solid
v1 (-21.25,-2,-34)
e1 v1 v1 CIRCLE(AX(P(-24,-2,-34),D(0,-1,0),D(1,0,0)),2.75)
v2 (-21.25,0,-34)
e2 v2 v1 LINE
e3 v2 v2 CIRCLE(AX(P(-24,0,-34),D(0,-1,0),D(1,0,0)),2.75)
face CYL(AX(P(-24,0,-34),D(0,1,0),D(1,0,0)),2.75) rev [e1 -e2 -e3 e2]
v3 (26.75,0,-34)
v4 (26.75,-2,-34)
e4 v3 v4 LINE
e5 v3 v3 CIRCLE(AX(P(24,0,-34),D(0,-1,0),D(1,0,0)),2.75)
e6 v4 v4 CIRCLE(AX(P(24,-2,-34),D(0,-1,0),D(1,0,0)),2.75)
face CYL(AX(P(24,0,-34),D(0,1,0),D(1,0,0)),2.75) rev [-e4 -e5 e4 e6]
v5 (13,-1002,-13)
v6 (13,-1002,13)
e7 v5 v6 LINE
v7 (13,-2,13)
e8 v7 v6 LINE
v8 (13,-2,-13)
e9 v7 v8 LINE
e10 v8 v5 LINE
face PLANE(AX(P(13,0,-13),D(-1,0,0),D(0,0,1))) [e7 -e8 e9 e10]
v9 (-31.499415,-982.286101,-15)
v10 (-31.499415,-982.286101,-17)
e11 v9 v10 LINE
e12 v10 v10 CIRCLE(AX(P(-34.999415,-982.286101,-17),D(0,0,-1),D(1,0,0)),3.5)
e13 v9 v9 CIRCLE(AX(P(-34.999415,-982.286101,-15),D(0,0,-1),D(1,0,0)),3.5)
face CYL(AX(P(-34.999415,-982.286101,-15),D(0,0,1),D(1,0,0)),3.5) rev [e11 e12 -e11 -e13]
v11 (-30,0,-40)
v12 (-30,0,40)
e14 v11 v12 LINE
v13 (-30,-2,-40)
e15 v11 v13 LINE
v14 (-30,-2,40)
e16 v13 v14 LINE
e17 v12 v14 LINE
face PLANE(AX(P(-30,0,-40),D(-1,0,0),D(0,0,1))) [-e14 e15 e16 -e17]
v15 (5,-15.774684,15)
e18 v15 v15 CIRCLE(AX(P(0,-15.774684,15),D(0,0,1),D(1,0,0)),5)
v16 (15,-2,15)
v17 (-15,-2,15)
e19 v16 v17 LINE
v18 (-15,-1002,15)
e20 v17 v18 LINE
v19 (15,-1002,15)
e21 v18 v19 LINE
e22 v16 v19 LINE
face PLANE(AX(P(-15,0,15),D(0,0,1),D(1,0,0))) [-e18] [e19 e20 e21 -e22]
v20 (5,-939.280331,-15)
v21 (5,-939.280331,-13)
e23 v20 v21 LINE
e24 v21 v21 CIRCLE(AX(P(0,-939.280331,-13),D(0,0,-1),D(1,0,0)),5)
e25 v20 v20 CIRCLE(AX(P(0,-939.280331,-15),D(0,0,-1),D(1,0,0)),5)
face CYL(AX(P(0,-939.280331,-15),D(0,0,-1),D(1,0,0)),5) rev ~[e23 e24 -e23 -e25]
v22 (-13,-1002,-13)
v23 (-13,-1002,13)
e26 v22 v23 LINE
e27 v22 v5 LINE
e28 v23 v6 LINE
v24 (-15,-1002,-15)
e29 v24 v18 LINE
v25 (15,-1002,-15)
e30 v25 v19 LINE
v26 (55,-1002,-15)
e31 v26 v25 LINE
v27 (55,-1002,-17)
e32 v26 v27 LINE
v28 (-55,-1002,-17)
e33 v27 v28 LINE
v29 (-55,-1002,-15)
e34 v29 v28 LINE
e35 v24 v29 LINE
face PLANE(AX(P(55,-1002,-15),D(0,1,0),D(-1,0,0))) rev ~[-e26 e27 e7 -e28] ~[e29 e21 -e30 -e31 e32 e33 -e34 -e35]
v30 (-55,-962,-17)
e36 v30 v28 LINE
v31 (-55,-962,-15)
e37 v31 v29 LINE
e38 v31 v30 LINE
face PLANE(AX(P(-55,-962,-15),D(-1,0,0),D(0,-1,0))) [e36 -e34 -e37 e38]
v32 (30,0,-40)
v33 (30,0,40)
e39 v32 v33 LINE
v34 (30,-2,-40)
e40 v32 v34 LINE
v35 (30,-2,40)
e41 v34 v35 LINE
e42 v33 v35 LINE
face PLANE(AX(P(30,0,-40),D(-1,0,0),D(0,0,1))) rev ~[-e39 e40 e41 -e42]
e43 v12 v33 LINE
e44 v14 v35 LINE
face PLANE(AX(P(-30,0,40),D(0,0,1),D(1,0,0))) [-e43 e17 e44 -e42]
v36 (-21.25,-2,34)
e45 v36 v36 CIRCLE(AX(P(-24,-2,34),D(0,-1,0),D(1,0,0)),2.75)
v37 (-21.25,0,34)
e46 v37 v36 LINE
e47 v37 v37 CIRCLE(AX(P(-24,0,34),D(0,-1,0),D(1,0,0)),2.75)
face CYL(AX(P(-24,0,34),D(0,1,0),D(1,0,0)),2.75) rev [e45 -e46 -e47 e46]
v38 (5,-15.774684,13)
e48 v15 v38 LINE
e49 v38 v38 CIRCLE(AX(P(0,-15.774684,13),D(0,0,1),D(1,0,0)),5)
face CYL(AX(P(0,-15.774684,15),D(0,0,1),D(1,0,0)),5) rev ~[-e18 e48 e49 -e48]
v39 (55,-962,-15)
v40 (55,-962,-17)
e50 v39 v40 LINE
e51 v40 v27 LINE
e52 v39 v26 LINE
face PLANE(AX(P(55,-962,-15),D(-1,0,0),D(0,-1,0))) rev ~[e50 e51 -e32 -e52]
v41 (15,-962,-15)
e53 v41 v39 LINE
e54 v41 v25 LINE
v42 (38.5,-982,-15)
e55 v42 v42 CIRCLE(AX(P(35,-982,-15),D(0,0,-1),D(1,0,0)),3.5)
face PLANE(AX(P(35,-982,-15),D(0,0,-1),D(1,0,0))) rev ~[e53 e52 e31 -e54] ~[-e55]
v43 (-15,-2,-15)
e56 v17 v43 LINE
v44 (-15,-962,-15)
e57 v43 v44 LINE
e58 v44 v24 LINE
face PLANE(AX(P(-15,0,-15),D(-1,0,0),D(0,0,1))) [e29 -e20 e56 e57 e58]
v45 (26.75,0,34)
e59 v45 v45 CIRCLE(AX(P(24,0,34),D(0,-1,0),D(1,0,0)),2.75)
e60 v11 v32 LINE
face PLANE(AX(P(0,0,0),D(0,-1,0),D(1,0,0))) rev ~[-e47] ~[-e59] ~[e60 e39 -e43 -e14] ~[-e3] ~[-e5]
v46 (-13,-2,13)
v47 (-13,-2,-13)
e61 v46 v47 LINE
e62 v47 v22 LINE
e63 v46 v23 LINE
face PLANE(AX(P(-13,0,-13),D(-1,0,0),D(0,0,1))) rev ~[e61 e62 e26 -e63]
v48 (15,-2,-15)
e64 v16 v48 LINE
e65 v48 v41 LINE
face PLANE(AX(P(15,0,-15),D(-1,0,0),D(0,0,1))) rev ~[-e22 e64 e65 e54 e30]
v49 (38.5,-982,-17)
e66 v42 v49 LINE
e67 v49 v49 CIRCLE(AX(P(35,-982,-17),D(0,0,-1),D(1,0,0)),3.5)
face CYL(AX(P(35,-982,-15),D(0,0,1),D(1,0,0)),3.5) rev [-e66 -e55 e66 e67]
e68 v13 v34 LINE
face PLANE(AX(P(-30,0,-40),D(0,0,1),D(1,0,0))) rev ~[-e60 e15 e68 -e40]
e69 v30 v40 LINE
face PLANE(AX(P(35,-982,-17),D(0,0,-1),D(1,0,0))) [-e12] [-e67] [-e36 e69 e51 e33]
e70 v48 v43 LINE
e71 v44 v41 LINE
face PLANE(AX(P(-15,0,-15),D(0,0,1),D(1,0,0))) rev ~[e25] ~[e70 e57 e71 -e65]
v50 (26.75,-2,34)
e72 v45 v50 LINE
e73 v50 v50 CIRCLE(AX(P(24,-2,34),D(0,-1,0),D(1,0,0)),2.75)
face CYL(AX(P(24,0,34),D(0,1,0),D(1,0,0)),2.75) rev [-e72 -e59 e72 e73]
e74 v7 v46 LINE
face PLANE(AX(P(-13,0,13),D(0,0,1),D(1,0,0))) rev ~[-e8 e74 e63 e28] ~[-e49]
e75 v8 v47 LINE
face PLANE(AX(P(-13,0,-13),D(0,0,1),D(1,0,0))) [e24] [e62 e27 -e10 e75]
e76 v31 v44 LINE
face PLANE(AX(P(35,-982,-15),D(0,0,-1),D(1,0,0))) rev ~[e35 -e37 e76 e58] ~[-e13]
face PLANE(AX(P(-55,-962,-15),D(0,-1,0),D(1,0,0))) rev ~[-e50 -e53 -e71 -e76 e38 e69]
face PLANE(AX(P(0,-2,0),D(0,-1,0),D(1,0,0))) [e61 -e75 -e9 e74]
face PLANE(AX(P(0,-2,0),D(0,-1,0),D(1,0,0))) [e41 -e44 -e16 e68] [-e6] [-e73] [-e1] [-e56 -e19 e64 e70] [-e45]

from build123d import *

# Parameters (mm, degrees)
F0_W     = 60
F0_H     = 80
F0_R     = 2.75
F1_DEPTH = 2
F2_W     = 30
F2_H     = 30
F2_W_2   = 26
F2_H_2   = 26
F3_DEPTH = 1002
F4_R     = 5
F5_DEPTH = 5
F6_W     = 40
F6_H     = 40
F6_R     = 3.5
F6_W_2   = 30
F7_DEPTH = 2
F6_R_2   = 5
F8_DEPTH = 5


with BuildPart() as f1:
    # F0 (on Front) → F1 (new body)
    with BuildSketch(Plane.XZ):
        Rectangle(F0_W, F0_H)
        with Locations((-24, -34)):
            Circle(F0_R, mode=Mode.SUBTRACT)
        with Locations((24, -34)):
            Circle(F0_R, mode=Mode.SUBTRACT)
        with Locations((-24, 34)):
            Circle(F0_R, mode=Mode.SUBTRACT)
        with Locations((24, 34)):
            Circle(F0_R, mode=Mode.SUBTRACT)
    extrude(amount=F1_DEPTH)

    # F2 (on Front) → F3 (join)
    with BuildSketch(Plane.XZ):
        Rectangle(F2_W, F2_H)
        Rectangle(F2_W_2, F2_H_2, mode=Mode.SUBTRACT)
    extrude(amount=F3_DEPTH)

    # F4 (on face) → F5 (cut)
    with BuildSketch(Plane.XY.offset(15)):
        with Locations((0, -15.7746840268)):
            Circle(F4_R)
    extrude(amount=-F5_DEPTH, mode=Mode.SUBTRACT)

    # F6 (on face) → F7 (join)
    with BuildSketch(Plane(origin=(0, 0, -15), x_dir=(1, 0, 0), z_dir=(0, 0, -1))):
        with Locations((35, 982)):
            Rectangle(F6_W, F6_H)
        with Locations((35, 982)):
            Circle(F6_R, mode=Mode.SUBTRACT)
        with Locations((0, 982)):
            Rectangle(F6_W_2, F6_H)
        with Locations((-35, 982)):
            Rectangle(F6_W, F6_H)
        with Locations((-34.9994153271, 982.2861011526)):
            Circle(F6_R, mode=Mode.SUBTRACT)
    extrude(amount=F7_DEPTH)

    # F6 (on face) → F8 (cut)
    with BuildSketch(Plane(origin=(0, 0, -15), x_dir=(1, 0, 0), z_dir=(0, 0, -1))):
        with Locations((0, 939.2803311348)):
            Circle(F6_R_2)
    extrude(amount=-F8_DEPTH, mode=Mode.SUBTRACT)


solid = f1.part
